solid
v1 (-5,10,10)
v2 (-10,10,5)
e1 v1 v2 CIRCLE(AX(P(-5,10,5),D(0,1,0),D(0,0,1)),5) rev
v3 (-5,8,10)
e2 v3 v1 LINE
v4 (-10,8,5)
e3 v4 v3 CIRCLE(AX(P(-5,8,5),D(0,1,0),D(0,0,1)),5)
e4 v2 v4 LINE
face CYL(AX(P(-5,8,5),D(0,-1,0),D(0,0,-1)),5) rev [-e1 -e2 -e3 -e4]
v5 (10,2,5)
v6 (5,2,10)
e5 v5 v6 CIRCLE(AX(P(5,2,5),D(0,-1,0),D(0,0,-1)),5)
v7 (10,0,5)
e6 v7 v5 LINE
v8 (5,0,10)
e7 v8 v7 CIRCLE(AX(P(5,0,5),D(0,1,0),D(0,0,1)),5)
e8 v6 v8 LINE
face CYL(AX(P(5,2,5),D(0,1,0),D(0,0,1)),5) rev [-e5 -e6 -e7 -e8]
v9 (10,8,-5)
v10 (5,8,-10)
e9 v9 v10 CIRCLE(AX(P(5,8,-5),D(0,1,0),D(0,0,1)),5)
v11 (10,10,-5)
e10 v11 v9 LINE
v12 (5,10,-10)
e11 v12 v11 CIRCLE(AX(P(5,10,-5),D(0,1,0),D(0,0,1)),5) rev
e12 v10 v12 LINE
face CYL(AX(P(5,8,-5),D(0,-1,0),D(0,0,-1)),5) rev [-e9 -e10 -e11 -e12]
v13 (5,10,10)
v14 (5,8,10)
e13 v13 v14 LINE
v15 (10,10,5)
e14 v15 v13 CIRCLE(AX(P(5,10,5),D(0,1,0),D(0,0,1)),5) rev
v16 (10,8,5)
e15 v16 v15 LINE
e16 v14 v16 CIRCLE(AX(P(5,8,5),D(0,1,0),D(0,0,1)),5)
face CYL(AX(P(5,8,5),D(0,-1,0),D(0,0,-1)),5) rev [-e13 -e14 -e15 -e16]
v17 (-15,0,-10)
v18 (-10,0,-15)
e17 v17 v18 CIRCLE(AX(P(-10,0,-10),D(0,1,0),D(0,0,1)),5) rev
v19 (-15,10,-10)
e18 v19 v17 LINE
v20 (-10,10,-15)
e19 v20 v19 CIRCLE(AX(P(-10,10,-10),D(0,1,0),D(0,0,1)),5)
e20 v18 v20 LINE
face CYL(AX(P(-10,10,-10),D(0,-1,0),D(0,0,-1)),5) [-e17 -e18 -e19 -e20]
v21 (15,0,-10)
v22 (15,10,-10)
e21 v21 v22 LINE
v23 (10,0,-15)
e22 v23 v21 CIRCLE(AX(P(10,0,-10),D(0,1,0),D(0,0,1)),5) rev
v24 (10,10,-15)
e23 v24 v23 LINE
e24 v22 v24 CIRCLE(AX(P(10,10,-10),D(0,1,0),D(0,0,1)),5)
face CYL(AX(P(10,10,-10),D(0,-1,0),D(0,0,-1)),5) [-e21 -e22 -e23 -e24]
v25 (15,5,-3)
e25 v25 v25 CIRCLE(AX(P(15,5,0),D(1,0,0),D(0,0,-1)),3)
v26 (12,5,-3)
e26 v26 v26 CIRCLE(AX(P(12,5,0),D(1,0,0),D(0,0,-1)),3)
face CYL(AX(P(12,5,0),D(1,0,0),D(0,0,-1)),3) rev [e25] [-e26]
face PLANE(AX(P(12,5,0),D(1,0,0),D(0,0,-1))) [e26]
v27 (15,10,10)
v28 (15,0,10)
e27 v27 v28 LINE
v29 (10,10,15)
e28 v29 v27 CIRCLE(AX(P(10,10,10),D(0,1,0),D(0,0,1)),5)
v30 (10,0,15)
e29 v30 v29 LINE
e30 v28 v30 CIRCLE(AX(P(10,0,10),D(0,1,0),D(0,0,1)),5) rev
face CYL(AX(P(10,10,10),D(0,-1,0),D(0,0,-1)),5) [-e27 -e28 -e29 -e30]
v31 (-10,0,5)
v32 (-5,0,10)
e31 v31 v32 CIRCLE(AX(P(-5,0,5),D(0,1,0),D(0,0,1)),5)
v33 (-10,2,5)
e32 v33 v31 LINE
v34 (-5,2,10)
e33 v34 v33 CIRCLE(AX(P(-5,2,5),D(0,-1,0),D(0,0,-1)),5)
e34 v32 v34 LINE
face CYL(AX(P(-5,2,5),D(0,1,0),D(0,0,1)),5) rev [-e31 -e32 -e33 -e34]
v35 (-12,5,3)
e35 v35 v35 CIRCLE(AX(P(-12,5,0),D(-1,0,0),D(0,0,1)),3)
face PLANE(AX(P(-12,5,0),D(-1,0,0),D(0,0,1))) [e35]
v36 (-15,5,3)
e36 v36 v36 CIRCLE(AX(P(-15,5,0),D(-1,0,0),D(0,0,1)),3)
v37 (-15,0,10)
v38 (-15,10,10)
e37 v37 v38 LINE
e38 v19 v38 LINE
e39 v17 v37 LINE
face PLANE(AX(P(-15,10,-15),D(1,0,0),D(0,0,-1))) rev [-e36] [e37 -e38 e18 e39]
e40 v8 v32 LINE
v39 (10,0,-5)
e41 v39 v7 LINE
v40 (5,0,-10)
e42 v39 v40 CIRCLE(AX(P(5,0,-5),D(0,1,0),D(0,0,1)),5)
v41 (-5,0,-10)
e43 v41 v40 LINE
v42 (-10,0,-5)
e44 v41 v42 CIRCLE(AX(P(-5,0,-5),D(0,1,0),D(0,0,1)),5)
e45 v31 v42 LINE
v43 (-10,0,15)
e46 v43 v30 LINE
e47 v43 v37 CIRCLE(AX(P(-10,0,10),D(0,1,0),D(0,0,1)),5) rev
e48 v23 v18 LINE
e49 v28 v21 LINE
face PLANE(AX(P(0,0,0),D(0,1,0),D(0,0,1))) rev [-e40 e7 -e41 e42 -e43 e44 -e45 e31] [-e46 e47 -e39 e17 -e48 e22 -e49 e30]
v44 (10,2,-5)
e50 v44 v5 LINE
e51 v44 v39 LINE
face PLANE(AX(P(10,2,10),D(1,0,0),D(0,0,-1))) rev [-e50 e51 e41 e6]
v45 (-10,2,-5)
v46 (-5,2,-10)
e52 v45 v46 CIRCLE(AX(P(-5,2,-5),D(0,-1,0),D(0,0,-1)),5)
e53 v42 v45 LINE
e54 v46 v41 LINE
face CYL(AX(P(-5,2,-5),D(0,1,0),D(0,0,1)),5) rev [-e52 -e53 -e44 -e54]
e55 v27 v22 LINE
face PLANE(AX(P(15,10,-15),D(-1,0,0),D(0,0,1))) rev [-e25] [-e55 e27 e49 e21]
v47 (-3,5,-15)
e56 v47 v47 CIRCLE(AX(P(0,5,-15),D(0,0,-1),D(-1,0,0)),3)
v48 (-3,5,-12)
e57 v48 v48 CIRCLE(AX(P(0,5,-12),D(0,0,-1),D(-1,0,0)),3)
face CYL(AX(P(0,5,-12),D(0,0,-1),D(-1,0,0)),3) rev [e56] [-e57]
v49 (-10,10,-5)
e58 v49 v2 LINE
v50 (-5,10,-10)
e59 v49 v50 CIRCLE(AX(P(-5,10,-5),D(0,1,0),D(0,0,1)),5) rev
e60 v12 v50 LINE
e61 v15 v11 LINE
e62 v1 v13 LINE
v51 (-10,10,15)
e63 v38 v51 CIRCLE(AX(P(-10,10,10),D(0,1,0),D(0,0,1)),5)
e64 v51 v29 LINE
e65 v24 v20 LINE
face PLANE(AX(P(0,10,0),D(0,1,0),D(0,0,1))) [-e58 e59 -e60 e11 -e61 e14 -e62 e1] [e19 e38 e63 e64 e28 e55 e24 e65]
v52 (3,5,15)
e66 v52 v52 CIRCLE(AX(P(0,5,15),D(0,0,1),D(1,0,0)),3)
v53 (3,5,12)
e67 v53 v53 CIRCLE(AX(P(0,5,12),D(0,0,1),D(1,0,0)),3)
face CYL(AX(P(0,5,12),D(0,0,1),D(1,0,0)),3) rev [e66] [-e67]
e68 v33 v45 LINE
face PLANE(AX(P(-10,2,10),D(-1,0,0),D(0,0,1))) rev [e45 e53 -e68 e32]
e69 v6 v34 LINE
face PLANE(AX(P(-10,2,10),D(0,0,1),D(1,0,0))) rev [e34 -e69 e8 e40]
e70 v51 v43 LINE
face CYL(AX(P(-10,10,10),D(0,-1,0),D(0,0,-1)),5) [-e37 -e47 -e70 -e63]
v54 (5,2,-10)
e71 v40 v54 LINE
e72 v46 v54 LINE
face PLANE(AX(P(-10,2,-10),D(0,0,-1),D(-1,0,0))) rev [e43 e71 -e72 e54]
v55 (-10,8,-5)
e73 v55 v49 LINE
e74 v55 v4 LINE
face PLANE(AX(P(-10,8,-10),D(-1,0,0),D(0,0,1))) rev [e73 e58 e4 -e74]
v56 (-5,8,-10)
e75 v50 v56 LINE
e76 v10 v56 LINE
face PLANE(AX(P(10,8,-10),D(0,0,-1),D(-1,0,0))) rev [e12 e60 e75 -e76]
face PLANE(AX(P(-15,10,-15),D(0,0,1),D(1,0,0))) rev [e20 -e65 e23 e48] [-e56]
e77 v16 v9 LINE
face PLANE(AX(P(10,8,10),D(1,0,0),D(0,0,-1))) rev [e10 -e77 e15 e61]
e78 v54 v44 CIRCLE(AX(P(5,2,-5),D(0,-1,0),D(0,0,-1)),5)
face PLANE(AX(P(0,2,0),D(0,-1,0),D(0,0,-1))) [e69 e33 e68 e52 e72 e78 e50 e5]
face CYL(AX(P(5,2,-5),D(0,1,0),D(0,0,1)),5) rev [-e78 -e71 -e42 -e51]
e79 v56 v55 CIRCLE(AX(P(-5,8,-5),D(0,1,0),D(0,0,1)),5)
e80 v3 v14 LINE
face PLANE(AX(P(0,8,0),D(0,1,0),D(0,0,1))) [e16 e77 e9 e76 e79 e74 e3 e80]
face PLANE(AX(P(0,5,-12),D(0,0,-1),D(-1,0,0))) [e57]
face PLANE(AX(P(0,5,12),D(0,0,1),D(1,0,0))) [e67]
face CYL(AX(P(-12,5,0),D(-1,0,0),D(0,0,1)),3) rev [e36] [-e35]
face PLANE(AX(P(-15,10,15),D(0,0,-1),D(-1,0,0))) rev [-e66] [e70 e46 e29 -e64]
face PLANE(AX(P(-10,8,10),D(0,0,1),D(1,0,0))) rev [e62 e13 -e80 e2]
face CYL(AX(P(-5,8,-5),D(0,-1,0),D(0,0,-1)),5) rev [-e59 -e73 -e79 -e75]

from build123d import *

# Parameters (mm, degrees)
SKETCH2_W           = 30
SKETCH2_H           = 30
BOSS_EXTRUDE1_DEPTH = 10
SKETCH3_R           = 3
CUT_EXTRUDE1_DEPTH  = 3
SKETCH4_R           = 3
CUT_EXTRUDE2_DEPTH  = 3
CUT_EXTRUDE3_START  = -3
SKETCH5_R           = 3
CUT_EXTRUDE3_DEPTH  = 3
CUT_EXTRUDE4_START  = -3
SKETCH6_R           = 3
CUT_EXTRUDE4_DEPTH  = 3
FILLET1_R           = 5
SKETCH8_W           = 20
SKETCH8_H           = 20
CUT_EXTRUDE6_DEPTH  = 2
FILLET2_R           = 5
SKETCH9_W           = 20
SKETCH9_H           = 20
CUT_EXTRUDE7_DEPTH  = 2
FILLET3_R           = 5


with BuildPart() as part:
    # Sketch2 → Boss-Extrude1 (new body)
    with BuildSketch(Plane(origin=(0, 0, 0), x_dir=(1, 0, 0), z_dir=(0, 1, 0))):
        Rectangle(SKETCH2_W, SKETCH2_H)
    extrude(amount=BOSS_EXTRUDE1_DEPTH)

    # Sketch3 → Cut-Extrude1 (cut)
    with BuildSketch(Plane.XY.offset(15)):
        with Locations((0, 5)):
            Circle(SKETCH3_R)
    extrude(amount=-CUT_EXTRUDE1_DEPTH, mode=Mode.SUBTRACT)

    # Sketch4 → Cut-Extrude2 (cut)
    with BuildSketch(Plane(origin=(15, 0, 0), x_dir=(0, 0, -1), z_dir=(1, 0, 0))):
        with Locations((0, 5)):
            Circle(SKETCH4_R)
    extrude(amount=-CUT_EXTRUDE2_DEPTH, mode=Mode.SUBTRACT)

    # Sketch5 → Cut-Extrude3 (cut)
    with BuildSketch(Plane(origin=(0, 0, -15), x_dir=(-1, 0, 0), z_dir=(0, 0, -1)).offset(CUT_EXTRUDE3_START)):
        with Locations(Location((0, 5, 0), (0, 0, 180))):
            Circle(SKETCH5_R)
    extrude(amount=CUT_EXTRUDE3_DEPTH, mode=Mode.SUBTRACT)

    # Sketch6 → Cut-Extrude4 (cut)
    with BuildSketch(Plane.ZY.offset(15).offset(CUT_EXTRUDE4_START)):
        with Locations(Location((0, 5, 0), (0, 0, 180))):
            Circle(SKETCH6_R)
    extrude(amount=CUT_EXTRUDE4_DEPTH, mode=Mode.SUBTRACT)

    # Fillet1
    fillet1_edges = [part.edges().sort_by_distance(p)[0] for p in [
        (15, 5, 15),
        (-15, 5, 15),
        (-15, 5, -15),
        (15, 5, -15),
    ]]
    fillet(fillet1_edges, radius=FILLET1_R)

    # Sketch8 → Cut-Extrude6 (cut)
    with BuildSketch(Plane(origin=(0, 10, 0), x_dir=(1, 0, 0), z_dir=(0, 1, 0))):
        Rectangle(SKETCH8_W, SKETCH8_H)
    extrude(amount=-CUT_EXTRUDE6_DEPTH, mode=Mode.SUBTRACT)

    # Fillet2
    fillet2_edges = [part.edges().sort_by_distance(p)[0] for p in [
        (10, 9, -10),
        (10, 9, 10),
        (-10, 9, 10),
        (-10, 9, -10),
    ]]
    fillet(fillet2_edges, radius=FILLET2_R)

    # Sketch9 → Cut-Extrude7 (cut)
    with BuildSketch(Plane(origin=(0, 0, 0), x_dir=(-1, 0, 0), z_dir=(0, -1, 0))):
        Rectangle(SKETCH9_W, SKETCH9_H)
    extrude(amount=-CUT_EXTRUDE7_DEPTH, mode=Mode.SUBTRACT)

    # Fillet3
    fillet3_edges = [part.edges().sort_by_distance(p)[0] for p in [
        (10, 1, 10),
        (10, 1, -10),
        (-10, 1, -10),
        (-10, 1, 10),
    ]]
    fillet(fillet3_edges, radius=FILLET3_R)


solid = part.part
